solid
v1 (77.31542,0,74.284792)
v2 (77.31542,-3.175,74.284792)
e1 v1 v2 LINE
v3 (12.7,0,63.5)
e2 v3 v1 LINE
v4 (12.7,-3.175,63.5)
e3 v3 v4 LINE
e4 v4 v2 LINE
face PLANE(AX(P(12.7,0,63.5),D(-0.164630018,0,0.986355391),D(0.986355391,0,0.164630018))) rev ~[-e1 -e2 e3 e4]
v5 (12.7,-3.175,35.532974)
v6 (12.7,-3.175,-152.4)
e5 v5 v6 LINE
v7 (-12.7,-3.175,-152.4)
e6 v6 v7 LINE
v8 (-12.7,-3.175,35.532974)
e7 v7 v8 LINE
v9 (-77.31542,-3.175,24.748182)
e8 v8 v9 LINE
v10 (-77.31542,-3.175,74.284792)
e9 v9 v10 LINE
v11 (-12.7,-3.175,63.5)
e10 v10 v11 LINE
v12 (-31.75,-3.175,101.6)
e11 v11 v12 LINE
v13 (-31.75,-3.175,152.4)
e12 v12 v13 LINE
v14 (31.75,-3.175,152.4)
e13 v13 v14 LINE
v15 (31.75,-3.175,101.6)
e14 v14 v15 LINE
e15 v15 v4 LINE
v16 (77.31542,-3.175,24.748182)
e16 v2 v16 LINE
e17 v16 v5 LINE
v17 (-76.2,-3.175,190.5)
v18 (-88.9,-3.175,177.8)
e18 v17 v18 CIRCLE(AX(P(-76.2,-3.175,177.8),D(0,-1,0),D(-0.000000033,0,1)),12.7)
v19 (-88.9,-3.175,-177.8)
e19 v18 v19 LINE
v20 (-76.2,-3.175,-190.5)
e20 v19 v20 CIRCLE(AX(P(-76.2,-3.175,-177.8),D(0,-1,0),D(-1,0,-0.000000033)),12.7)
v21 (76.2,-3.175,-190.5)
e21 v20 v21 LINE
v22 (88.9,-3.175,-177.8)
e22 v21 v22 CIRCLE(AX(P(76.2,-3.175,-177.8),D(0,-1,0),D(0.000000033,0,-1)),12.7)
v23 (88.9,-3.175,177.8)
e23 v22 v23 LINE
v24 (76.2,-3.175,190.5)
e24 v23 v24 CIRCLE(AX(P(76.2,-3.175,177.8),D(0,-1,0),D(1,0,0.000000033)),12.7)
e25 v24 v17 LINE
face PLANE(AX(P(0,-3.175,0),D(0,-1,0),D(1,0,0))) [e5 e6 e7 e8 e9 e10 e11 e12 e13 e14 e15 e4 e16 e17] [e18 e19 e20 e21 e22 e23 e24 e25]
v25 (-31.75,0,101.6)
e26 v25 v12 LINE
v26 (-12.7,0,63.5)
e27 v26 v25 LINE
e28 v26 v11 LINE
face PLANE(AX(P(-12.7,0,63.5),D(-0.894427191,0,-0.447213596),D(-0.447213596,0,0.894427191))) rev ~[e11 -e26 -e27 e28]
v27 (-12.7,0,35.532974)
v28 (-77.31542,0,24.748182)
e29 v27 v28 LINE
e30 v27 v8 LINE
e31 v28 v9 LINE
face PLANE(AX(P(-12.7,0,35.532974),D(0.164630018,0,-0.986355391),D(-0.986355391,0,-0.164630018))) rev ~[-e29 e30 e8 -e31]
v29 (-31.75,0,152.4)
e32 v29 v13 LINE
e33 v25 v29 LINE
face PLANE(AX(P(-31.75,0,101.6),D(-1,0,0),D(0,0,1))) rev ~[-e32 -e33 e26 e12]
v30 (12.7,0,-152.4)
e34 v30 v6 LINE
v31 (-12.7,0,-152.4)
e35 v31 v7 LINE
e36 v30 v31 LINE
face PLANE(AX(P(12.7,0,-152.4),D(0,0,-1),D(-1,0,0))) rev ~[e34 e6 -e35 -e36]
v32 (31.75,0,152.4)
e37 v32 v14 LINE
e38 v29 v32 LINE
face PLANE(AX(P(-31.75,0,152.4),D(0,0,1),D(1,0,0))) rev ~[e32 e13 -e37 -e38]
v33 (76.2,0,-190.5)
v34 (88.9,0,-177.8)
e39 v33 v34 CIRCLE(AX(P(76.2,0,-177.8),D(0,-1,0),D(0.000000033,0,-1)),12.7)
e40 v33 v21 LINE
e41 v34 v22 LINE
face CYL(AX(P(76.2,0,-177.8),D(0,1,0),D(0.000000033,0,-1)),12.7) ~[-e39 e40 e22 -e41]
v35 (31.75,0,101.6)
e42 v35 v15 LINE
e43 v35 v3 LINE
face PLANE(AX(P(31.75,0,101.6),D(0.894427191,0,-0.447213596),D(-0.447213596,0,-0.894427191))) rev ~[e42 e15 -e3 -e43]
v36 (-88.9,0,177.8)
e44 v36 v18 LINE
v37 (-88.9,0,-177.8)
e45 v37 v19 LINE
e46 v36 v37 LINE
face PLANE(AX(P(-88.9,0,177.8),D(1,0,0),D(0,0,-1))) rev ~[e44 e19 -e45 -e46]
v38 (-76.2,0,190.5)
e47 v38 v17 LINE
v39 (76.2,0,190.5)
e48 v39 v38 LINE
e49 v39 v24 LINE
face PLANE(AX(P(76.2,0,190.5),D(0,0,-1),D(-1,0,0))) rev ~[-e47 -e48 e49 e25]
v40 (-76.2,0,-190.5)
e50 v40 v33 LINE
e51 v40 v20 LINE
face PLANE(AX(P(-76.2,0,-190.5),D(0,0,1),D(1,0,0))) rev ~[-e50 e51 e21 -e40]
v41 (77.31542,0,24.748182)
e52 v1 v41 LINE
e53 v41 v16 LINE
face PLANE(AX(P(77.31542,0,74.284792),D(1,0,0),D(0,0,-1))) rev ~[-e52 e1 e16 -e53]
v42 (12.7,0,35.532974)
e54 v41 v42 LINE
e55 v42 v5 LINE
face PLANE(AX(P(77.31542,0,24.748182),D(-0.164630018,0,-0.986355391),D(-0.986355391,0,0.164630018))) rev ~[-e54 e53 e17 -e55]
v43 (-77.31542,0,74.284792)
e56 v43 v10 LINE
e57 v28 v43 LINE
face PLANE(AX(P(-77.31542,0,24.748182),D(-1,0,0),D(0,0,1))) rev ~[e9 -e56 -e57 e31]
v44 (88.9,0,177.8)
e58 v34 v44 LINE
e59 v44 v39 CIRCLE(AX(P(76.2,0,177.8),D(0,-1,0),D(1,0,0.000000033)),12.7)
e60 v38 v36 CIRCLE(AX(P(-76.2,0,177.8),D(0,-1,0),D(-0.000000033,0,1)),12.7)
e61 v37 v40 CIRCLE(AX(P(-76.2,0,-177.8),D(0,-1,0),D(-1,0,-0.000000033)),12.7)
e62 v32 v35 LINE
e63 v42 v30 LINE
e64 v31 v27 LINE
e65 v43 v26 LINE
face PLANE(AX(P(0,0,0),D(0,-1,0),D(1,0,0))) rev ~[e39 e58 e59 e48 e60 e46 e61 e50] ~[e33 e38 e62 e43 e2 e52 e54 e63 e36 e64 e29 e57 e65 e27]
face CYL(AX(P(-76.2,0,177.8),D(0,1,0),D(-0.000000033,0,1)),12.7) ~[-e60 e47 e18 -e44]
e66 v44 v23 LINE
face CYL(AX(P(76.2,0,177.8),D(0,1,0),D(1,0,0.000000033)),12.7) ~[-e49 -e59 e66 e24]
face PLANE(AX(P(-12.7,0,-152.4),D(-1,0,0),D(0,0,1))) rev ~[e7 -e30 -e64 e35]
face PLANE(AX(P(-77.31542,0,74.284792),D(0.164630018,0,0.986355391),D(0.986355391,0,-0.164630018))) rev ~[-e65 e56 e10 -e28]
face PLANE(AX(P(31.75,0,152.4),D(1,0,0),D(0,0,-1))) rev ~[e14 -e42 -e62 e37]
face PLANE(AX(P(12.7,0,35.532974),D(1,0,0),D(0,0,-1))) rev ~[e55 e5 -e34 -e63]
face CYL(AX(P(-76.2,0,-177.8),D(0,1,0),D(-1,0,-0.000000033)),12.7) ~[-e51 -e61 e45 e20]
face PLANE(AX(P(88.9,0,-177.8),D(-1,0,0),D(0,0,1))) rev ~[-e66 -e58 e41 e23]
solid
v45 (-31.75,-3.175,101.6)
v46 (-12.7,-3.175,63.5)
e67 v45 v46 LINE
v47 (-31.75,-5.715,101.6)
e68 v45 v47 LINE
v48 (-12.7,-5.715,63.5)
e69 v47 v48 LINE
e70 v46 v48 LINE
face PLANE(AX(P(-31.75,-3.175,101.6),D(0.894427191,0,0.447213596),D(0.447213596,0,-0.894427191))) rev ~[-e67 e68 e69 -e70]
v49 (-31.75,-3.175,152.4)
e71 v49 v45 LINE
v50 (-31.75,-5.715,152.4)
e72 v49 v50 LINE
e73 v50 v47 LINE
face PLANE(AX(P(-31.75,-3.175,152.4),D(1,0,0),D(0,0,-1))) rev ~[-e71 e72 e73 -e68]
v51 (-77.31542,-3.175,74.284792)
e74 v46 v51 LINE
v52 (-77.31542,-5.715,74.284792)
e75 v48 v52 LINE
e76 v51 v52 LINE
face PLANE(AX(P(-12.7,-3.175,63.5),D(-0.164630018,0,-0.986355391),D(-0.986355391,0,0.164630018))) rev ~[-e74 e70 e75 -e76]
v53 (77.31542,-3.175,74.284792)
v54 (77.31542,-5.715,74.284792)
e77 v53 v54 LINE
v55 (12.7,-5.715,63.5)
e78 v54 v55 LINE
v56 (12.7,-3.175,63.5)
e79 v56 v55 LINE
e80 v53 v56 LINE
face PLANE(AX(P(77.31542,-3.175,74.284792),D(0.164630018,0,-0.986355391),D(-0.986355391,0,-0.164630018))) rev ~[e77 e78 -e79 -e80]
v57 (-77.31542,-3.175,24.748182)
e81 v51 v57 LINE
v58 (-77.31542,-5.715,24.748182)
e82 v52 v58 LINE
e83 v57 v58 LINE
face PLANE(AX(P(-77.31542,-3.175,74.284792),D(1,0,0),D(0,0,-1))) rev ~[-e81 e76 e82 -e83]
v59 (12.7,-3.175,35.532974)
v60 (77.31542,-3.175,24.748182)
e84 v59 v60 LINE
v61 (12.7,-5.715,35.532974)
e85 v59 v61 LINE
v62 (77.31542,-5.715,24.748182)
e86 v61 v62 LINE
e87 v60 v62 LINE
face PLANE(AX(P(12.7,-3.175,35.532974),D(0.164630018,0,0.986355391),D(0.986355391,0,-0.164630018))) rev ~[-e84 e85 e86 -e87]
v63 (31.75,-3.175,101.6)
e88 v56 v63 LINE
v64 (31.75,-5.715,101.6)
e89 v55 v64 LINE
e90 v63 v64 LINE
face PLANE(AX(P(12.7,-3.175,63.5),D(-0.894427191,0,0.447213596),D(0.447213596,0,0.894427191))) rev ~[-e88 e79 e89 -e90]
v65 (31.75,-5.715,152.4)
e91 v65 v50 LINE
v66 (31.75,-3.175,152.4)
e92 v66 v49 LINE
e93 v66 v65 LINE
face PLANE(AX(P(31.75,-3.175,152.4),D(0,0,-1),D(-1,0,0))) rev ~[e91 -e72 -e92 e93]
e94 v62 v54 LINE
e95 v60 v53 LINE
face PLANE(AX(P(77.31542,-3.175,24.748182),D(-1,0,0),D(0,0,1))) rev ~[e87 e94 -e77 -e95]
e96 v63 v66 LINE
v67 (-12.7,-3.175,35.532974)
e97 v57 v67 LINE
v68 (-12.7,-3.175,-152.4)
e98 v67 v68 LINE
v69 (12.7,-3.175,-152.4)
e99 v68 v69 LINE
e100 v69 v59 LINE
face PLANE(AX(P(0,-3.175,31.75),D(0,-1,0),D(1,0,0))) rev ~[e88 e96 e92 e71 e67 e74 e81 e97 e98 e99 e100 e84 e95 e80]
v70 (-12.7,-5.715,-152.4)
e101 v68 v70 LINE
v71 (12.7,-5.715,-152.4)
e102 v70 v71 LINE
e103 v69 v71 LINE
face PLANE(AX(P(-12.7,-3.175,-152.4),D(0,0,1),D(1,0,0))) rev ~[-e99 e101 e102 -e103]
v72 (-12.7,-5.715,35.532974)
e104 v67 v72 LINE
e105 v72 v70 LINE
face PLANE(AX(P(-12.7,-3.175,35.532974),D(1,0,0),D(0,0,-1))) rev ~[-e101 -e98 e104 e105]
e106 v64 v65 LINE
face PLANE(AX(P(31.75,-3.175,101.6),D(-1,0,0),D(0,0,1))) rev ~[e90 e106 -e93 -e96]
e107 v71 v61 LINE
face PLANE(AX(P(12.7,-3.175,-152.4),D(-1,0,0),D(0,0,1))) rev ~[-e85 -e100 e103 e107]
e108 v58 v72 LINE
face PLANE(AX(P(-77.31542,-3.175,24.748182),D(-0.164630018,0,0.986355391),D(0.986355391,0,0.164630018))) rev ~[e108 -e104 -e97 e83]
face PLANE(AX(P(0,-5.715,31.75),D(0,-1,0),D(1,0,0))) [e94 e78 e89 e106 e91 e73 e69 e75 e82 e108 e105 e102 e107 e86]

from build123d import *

# Parameters (mm, degrees)
F1_DEPTH = 3.175
F2_W     = 25.4
F2_H     = 152.4
F3_DEPTH = 2.54


with BuildPart() as f1:
    # F0 (on Front) → F1 (new body)
    with BuildSketch(Plane.XZ):
        with BuildLine():
            Line((76.2, 190.5), (-76.2, 190.5))
            ThreePointArc((-76.2, 190.5), (-85.180256, 186.780256), (-88.9, 177.8))
            Line((-88.9, 177.8), (-88.9, -177.8))
            ThreePointArc((-88.9, -177.8), (-85.180256, -186.780256), (-76.2, -190.5))
            Line((-76.2, -190.5), (76.2, -190.5))
            ThreePointArc((76.2, -190.5), (85.180256, -186.780256), (88.9, -177.8))
            Line((88.9, -177.8), (88.9, 177.8))
            ThreePointArc((88.9, 177.8), (85.180256, 186.780256), (76.2, 190.5))
        make_face()
        Polygon((-12.7, -152.4), (-12.7, 0), (-12.7, 35.532974), (-77.31542, 24.748182), (-77.31542, 74.284792), (-12.7, 63.5), (-31.75, 101.6), (-31.75, 152.4), (31.75, 152.4), (31.75, 101.6), (12.7, 63.5), (77.31542, 74.284792), (77.31542, 24.748182), (12.7, 35.532974), (12.7, 0), (12.7, -152.4), align=None, mode=Mode.SUBTRACT)
    extrude(amount=F1_DEPTH)


with BuildPart() as f3:
    # F2 (on face) → F3 (new body)
    with BuildSketch(Plane.XZ.offset(3.175)):
        Polygon((-12.7, 35.532974), (-12.7, 0), (12.7, 0), (12.7, 35.532974), (12.7, 63.5), (-12.7, 63.5), align=None)
        with Locations((0, -76.2)):
            Rectangle(F2_W, F2_H)
        Polygon((-77.31542, 24.748182), (-12.7, 35.532974), (-12.7, 63.5), (-77.31542, 74.284792), align=None)
        Polygon((12.7, 63.5), (12.7, 35.532974), (77.31542, 24.748182), (77.31542, 74.284792), align=None)
        Polygon((-31.75, 101.6), (-12.7, 63.5), (12.7, 63.5), (31.75, 101.6), (31.75, 152.4), (-31.75, 152.4), align=None)
    extrude(amount=F3_DEPTH)


solid = Compound([f1.part, f3.part])
